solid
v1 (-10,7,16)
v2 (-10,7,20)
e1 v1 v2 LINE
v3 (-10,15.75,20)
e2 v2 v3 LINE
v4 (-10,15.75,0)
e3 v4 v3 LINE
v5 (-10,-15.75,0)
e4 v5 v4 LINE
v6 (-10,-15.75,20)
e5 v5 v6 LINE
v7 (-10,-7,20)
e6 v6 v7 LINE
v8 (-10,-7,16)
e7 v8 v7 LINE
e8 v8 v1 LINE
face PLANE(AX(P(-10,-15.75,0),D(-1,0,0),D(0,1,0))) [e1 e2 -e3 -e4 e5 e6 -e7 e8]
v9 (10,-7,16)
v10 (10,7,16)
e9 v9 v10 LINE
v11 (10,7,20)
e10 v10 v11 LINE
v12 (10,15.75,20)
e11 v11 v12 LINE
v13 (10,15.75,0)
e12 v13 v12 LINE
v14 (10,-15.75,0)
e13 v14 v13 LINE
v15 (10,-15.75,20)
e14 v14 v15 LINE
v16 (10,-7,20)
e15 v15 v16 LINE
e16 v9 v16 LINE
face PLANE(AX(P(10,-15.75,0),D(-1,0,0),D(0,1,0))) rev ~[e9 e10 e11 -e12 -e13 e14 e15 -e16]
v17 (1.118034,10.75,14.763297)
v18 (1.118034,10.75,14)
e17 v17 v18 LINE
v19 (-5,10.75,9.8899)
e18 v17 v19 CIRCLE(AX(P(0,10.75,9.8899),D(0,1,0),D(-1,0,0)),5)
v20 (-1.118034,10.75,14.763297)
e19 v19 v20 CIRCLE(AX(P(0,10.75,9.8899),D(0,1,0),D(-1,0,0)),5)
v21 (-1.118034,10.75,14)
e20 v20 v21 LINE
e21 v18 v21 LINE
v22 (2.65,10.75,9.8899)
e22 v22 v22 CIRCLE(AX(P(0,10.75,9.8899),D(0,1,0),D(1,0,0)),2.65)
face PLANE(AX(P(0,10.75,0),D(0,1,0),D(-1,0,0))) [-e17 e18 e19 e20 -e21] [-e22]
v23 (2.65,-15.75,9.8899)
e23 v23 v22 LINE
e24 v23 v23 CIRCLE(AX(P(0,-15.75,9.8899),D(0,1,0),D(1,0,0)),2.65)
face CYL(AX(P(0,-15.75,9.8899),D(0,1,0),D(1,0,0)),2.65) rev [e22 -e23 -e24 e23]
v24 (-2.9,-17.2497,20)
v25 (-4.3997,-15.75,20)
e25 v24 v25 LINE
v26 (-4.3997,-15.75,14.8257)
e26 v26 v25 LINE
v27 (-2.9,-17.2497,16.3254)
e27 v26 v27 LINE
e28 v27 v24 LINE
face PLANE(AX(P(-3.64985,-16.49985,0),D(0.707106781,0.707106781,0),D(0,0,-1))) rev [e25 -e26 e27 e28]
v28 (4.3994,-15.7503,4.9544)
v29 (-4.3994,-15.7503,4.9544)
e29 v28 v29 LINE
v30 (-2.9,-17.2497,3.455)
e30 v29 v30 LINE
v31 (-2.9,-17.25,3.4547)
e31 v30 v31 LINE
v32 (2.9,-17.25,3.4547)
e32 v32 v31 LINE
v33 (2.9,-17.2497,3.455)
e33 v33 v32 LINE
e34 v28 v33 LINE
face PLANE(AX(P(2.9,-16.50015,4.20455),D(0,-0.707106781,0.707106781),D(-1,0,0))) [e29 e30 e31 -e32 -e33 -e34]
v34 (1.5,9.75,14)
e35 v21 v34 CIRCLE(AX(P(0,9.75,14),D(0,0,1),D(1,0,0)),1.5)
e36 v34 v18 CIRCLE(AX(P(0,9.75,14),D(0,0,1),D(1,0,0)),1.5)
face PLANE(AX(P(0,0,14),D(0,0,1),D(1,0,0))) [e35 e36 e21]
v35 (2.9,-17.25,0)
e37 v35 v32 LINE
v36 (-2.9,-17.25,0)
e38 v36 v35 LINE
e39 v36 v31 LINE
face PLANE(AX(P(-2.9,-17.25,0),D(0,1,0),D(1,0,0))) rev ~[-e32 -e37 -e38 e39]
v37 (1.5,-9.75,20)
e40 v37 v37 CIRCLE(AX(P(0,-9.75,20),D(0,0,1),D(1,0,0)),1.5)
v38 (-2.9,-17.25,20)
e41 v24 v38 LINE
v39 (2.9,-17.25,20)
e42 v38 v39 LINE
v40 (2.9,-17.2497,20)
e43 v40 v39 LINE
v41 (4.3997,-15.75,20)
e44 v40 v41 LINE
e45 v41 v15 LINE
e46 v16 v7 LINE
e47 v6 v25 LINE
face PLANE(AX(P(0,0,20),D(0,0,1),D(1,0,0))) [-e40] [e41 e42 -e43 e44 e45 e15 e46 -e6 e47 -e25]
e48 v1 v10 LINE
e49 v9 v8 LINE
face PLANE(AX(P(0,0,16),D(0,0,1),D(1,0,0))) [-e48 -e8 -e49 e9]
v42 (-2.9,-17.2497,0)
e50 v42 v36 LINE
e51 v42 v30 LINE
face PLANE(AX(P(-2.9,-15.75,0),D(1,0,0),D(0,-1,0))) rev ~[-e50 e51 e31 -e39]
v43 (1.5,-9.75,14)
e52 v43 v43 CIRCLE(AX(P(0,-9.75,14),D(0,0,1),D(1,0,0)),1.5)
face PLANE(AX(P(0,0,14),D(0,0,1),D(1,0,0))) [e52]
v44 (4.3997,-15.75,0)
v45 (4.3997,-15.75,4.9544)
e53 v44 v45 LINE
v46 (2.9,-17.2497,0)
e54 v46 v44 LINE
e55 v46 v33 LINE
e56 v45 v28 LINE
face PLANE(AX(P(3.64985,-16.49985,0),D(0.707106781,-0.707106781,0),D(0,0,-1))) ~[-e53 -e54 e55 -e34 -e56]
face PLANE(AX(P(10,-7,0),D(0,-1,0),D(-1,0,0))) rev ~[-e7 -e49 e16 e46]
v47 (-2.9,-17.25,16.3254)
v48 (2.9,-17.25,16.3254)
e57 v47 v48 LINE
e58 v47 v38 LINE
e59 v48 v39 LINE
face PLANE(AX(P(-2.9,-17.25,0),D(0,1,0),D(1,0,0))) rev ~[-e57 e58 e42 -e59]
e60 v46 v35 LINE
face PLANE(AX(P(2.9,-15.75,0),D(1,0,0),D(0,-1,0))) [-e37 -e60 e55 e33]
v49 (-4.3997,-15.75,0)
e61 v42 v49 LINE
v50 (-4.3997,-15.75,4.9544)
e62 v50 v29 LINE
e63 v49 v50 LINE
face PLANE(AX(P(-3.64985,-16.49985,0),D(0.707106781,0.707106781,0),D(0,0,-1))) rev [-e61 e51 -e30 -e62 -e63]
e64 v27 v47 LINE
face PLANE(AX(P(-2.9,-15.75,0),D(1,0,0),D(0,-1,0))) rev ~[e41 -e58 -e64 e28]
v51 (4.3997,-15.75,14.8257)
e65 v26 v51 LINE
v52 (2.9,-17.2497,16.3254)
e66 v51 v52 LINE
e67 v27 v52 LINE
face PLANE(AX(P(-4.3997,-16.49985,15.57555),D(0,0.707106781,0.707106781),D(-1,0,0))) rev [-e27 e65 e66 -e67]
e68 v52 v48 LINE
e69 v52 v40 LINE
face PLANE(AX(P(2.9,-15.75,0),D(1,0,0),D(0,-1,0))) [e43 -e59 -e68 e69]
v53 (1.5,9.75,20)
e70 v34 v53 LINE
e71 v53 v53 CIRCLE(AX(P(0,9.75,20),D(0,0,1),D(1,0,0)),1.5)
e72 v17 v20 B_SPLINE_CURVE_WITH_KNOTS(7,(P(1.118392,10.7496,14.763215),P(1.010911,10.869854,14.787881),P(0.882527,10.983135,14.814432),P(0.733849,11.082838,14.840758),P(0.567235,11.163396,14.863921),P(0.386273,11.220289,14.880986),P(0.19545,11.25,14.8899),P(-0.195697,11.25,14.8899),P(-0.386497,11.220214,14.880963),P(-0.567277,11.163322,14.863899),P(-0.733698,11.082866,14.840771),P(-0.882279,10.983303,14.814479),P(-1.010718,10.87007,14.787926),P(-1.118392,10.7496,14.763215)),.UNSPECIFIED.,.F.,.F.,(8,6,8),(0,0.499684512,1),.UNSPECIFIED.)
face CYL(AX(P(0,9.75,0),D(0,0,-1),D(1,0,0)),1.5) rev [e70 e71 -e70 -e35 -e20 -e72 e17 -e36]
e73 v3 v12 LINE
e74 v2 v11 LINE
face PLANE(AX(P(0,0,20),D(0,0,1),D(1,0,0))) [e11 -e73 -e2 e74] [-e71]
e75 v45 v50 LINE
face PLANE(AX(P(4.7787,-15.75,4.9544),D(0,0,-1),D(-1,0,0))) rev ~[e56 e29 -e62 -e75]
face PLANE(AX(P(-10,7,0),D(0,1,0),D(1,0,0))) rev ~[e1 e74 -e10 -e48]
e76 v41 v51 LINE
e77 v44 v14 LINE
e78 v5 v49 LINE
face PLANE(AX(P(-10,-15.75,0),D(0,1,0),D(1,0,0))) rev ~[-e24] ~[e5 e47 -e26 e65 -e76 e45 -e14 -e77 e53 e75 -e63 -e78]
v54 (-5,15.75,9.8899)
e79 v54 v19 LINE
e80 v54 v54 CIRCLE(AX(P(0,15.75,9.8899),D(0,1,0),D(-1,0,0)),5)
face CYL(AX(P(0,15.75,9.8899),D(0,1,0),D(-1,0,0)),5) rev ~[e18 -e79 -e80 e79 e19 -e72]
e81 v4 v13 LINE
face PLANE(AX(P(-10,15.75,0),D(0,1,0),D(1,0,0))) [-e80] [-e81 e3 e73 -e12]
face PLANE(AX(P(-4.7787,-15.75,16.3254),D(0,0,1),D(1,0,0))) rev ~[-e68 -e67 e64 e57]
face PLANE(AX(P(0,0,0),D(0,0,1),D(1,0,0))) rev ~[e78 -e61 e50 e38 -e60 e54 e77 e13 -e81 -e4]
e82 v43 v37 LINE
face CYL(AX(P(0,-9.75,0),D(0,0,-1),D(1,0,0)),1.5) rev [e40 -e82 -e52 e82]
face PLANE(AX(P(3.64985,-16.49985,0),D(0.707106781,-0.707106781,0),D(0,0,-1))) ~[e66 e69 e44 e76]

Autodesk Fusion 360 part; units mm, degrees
sketch "Sketch1" plane through (0, 0, 0) normal (0, 0, 1) x (1, 0, 0)
  line L0 (10, -7) -> (-10, -7)
  line L1 (-10, 7) -> (10, 7)
  line L2 (5, 7) -> (-5, -7) construction
  line L3 (5, -7) -> (-5, 7) construction
  line L4 (10, 0) -> (-10, 0) construction
  line L5 (0, -9.75) -> (0, 9.75) construction
  circle A0 centre (0, -9.75) radius 1.5
  circle A1 centre (0, 9.75) radius 1.5
  line L6 (-10, -15.75) -> (10, -15.75)
  line L7 (-10, 15.75) -> (10, 15.75)
  line L8 (-10, -15.75) -> (-10, 15.75)
  line L9 (10, -15.75) -> (10, 15.75)
  dimension "d1" = 14
  dimension "d2" = 10
  dimension "d3" = 3
  dimension "d4" = 3
  dimension "d5" = 19.5
  dimension "d6" = 20
extrude "Extrude1" add sketch "Sketch1" along normal blind 20 contours L0 L6 L8 L9 | L1 L7 L8 L9 makes body 1 at (-3.3333, -15.75, 6.6667) makes body 2 at (-3.3333, 7, 6.6667)
extrude "Extrude2" add sketch "Sketch1" along normal blind 16 contours L0 L1 L8 L9 bodies 1 2
sketch "Sketch2" plane through (0, -15.75, 0) normal (0, -1, 0) x (1, 0, 0)
  line L0 (-10, 0) -> (10, 0)
  line L1 (10, 0) -> (10, 20)
  line L2 (10, 20) -> (-10, 20)
  line L3 (-10, 20) -> (-10, 0)
  circle A0 centre (0, 9.8899) radius 2.65
  dimension "d11" = 5.3
extrude "Extrude3" add sketch "Sketch1" along normal blind 14 contours A0 | A1 bodies 1
extrude "Extrude4" cut sketch "Sketch2" against normal blind 31.5 contours A0 bodies 1
sketch "Sketch3" plane through (0, 0, 0) normal (0, 0, 1) x (1, 0, 0)
  line L0 (-10, -15.75) -> (-10, 15.75)
  line L1 (10, -15.75) -> (10, 15.75)
  line L2 (-2.9, -17.25) -> (2.9, -17.25)
  line L3 (2.9, -15.75) -> (2.9, -17.25)
  line L4 (-2.9, -15.75) -> (-2.9, -17.25)
  line L5 (-10, -15.75) -> (-2.9, -15.75)
  line L6 (2.9, -15.75) -> (10, -15.75)
  line L7 (-2.9, -15.75) -> (2.9, -15.75)
  line L8 (-10, -15.75) -> (10, -15.75)
  line L9 (0, 0) -> (0, -34.5) construction
  dimension "d23" = 1.5
  dimension "d27" = 5.8
extrude "Extrude5" add sketch "Sketch3" along normal blind 20 bodies 1
extrude "Extrude6" cut sketch "Sketch2" along normal blind 3 contours A0 bodies 1
chamfer "Chamfer1" distance 1.5 angle 45 1 edges at (2.9, -15.75, 10) on bodies 1
chamfer "Chamfer1" distance 1.5 angle 45 1 edges at (-2.9, -15.75, 10) on bodies 1
sketch "Sketch4" plane through (0, 15.75, 0) normal (0, 1, 0) x (-1, 0, 0)
  circle A0 centre (0, 9.8899) radius 2.65
  line L0 (-10, 0) -> (10, 0)
  line L1 (10, 0) -> (10, 20)
  line L2 (10, 20) -> (-10, 20)
  line L3 (-10, 20) -> (-10, 0)
  circle A1 centre (0, 9.8899) radius 5
  dimension "d24" = 10
extrude "Extrude7" cut sketch "Sketch4" against normal blind 5 contours A1 bodies 1
sketch "Sketch5" plane through (0, 0, 0) normal (0, 0, 1) x (1, 0, 0)
  line L0 (2.65, -17.25) -> (-2.65, -17.25)
  line L1 (2.65, -17.25) -> (-2.65, -17.25)
sketch "Sketch6" plane through (0, -15.75, 0) normal (0, -1, 0) x (1, 0, 0)
  line L0 (4.7787, 4.9544) -> (-4.7787, 4.9544)
  line L1 (-4.7787, 4.9544) -> (-4.7787, 16.3254)
  line L2 (-4.7787, 16.3254) -> (4.7787, 16.3254)
  line L3 (4.7787, 16.3254) -> (4.7787, 4.9544)
  point P0 (0, 9.8899)
  point P1 (0, 9.8899)
extrude "Extrude8" cut sketch "Sketch6" along normal blind 1.5 bodies 1
chamfer "Chamfer2" distance 1.5 angle 45 1 edges at (0, -15.75, 16.3254) on bodies 1
chamfer "Chamfer3" distance 1.5 angle 45 1 edges at (0, -17.25, 4.9544) on bodies 1
